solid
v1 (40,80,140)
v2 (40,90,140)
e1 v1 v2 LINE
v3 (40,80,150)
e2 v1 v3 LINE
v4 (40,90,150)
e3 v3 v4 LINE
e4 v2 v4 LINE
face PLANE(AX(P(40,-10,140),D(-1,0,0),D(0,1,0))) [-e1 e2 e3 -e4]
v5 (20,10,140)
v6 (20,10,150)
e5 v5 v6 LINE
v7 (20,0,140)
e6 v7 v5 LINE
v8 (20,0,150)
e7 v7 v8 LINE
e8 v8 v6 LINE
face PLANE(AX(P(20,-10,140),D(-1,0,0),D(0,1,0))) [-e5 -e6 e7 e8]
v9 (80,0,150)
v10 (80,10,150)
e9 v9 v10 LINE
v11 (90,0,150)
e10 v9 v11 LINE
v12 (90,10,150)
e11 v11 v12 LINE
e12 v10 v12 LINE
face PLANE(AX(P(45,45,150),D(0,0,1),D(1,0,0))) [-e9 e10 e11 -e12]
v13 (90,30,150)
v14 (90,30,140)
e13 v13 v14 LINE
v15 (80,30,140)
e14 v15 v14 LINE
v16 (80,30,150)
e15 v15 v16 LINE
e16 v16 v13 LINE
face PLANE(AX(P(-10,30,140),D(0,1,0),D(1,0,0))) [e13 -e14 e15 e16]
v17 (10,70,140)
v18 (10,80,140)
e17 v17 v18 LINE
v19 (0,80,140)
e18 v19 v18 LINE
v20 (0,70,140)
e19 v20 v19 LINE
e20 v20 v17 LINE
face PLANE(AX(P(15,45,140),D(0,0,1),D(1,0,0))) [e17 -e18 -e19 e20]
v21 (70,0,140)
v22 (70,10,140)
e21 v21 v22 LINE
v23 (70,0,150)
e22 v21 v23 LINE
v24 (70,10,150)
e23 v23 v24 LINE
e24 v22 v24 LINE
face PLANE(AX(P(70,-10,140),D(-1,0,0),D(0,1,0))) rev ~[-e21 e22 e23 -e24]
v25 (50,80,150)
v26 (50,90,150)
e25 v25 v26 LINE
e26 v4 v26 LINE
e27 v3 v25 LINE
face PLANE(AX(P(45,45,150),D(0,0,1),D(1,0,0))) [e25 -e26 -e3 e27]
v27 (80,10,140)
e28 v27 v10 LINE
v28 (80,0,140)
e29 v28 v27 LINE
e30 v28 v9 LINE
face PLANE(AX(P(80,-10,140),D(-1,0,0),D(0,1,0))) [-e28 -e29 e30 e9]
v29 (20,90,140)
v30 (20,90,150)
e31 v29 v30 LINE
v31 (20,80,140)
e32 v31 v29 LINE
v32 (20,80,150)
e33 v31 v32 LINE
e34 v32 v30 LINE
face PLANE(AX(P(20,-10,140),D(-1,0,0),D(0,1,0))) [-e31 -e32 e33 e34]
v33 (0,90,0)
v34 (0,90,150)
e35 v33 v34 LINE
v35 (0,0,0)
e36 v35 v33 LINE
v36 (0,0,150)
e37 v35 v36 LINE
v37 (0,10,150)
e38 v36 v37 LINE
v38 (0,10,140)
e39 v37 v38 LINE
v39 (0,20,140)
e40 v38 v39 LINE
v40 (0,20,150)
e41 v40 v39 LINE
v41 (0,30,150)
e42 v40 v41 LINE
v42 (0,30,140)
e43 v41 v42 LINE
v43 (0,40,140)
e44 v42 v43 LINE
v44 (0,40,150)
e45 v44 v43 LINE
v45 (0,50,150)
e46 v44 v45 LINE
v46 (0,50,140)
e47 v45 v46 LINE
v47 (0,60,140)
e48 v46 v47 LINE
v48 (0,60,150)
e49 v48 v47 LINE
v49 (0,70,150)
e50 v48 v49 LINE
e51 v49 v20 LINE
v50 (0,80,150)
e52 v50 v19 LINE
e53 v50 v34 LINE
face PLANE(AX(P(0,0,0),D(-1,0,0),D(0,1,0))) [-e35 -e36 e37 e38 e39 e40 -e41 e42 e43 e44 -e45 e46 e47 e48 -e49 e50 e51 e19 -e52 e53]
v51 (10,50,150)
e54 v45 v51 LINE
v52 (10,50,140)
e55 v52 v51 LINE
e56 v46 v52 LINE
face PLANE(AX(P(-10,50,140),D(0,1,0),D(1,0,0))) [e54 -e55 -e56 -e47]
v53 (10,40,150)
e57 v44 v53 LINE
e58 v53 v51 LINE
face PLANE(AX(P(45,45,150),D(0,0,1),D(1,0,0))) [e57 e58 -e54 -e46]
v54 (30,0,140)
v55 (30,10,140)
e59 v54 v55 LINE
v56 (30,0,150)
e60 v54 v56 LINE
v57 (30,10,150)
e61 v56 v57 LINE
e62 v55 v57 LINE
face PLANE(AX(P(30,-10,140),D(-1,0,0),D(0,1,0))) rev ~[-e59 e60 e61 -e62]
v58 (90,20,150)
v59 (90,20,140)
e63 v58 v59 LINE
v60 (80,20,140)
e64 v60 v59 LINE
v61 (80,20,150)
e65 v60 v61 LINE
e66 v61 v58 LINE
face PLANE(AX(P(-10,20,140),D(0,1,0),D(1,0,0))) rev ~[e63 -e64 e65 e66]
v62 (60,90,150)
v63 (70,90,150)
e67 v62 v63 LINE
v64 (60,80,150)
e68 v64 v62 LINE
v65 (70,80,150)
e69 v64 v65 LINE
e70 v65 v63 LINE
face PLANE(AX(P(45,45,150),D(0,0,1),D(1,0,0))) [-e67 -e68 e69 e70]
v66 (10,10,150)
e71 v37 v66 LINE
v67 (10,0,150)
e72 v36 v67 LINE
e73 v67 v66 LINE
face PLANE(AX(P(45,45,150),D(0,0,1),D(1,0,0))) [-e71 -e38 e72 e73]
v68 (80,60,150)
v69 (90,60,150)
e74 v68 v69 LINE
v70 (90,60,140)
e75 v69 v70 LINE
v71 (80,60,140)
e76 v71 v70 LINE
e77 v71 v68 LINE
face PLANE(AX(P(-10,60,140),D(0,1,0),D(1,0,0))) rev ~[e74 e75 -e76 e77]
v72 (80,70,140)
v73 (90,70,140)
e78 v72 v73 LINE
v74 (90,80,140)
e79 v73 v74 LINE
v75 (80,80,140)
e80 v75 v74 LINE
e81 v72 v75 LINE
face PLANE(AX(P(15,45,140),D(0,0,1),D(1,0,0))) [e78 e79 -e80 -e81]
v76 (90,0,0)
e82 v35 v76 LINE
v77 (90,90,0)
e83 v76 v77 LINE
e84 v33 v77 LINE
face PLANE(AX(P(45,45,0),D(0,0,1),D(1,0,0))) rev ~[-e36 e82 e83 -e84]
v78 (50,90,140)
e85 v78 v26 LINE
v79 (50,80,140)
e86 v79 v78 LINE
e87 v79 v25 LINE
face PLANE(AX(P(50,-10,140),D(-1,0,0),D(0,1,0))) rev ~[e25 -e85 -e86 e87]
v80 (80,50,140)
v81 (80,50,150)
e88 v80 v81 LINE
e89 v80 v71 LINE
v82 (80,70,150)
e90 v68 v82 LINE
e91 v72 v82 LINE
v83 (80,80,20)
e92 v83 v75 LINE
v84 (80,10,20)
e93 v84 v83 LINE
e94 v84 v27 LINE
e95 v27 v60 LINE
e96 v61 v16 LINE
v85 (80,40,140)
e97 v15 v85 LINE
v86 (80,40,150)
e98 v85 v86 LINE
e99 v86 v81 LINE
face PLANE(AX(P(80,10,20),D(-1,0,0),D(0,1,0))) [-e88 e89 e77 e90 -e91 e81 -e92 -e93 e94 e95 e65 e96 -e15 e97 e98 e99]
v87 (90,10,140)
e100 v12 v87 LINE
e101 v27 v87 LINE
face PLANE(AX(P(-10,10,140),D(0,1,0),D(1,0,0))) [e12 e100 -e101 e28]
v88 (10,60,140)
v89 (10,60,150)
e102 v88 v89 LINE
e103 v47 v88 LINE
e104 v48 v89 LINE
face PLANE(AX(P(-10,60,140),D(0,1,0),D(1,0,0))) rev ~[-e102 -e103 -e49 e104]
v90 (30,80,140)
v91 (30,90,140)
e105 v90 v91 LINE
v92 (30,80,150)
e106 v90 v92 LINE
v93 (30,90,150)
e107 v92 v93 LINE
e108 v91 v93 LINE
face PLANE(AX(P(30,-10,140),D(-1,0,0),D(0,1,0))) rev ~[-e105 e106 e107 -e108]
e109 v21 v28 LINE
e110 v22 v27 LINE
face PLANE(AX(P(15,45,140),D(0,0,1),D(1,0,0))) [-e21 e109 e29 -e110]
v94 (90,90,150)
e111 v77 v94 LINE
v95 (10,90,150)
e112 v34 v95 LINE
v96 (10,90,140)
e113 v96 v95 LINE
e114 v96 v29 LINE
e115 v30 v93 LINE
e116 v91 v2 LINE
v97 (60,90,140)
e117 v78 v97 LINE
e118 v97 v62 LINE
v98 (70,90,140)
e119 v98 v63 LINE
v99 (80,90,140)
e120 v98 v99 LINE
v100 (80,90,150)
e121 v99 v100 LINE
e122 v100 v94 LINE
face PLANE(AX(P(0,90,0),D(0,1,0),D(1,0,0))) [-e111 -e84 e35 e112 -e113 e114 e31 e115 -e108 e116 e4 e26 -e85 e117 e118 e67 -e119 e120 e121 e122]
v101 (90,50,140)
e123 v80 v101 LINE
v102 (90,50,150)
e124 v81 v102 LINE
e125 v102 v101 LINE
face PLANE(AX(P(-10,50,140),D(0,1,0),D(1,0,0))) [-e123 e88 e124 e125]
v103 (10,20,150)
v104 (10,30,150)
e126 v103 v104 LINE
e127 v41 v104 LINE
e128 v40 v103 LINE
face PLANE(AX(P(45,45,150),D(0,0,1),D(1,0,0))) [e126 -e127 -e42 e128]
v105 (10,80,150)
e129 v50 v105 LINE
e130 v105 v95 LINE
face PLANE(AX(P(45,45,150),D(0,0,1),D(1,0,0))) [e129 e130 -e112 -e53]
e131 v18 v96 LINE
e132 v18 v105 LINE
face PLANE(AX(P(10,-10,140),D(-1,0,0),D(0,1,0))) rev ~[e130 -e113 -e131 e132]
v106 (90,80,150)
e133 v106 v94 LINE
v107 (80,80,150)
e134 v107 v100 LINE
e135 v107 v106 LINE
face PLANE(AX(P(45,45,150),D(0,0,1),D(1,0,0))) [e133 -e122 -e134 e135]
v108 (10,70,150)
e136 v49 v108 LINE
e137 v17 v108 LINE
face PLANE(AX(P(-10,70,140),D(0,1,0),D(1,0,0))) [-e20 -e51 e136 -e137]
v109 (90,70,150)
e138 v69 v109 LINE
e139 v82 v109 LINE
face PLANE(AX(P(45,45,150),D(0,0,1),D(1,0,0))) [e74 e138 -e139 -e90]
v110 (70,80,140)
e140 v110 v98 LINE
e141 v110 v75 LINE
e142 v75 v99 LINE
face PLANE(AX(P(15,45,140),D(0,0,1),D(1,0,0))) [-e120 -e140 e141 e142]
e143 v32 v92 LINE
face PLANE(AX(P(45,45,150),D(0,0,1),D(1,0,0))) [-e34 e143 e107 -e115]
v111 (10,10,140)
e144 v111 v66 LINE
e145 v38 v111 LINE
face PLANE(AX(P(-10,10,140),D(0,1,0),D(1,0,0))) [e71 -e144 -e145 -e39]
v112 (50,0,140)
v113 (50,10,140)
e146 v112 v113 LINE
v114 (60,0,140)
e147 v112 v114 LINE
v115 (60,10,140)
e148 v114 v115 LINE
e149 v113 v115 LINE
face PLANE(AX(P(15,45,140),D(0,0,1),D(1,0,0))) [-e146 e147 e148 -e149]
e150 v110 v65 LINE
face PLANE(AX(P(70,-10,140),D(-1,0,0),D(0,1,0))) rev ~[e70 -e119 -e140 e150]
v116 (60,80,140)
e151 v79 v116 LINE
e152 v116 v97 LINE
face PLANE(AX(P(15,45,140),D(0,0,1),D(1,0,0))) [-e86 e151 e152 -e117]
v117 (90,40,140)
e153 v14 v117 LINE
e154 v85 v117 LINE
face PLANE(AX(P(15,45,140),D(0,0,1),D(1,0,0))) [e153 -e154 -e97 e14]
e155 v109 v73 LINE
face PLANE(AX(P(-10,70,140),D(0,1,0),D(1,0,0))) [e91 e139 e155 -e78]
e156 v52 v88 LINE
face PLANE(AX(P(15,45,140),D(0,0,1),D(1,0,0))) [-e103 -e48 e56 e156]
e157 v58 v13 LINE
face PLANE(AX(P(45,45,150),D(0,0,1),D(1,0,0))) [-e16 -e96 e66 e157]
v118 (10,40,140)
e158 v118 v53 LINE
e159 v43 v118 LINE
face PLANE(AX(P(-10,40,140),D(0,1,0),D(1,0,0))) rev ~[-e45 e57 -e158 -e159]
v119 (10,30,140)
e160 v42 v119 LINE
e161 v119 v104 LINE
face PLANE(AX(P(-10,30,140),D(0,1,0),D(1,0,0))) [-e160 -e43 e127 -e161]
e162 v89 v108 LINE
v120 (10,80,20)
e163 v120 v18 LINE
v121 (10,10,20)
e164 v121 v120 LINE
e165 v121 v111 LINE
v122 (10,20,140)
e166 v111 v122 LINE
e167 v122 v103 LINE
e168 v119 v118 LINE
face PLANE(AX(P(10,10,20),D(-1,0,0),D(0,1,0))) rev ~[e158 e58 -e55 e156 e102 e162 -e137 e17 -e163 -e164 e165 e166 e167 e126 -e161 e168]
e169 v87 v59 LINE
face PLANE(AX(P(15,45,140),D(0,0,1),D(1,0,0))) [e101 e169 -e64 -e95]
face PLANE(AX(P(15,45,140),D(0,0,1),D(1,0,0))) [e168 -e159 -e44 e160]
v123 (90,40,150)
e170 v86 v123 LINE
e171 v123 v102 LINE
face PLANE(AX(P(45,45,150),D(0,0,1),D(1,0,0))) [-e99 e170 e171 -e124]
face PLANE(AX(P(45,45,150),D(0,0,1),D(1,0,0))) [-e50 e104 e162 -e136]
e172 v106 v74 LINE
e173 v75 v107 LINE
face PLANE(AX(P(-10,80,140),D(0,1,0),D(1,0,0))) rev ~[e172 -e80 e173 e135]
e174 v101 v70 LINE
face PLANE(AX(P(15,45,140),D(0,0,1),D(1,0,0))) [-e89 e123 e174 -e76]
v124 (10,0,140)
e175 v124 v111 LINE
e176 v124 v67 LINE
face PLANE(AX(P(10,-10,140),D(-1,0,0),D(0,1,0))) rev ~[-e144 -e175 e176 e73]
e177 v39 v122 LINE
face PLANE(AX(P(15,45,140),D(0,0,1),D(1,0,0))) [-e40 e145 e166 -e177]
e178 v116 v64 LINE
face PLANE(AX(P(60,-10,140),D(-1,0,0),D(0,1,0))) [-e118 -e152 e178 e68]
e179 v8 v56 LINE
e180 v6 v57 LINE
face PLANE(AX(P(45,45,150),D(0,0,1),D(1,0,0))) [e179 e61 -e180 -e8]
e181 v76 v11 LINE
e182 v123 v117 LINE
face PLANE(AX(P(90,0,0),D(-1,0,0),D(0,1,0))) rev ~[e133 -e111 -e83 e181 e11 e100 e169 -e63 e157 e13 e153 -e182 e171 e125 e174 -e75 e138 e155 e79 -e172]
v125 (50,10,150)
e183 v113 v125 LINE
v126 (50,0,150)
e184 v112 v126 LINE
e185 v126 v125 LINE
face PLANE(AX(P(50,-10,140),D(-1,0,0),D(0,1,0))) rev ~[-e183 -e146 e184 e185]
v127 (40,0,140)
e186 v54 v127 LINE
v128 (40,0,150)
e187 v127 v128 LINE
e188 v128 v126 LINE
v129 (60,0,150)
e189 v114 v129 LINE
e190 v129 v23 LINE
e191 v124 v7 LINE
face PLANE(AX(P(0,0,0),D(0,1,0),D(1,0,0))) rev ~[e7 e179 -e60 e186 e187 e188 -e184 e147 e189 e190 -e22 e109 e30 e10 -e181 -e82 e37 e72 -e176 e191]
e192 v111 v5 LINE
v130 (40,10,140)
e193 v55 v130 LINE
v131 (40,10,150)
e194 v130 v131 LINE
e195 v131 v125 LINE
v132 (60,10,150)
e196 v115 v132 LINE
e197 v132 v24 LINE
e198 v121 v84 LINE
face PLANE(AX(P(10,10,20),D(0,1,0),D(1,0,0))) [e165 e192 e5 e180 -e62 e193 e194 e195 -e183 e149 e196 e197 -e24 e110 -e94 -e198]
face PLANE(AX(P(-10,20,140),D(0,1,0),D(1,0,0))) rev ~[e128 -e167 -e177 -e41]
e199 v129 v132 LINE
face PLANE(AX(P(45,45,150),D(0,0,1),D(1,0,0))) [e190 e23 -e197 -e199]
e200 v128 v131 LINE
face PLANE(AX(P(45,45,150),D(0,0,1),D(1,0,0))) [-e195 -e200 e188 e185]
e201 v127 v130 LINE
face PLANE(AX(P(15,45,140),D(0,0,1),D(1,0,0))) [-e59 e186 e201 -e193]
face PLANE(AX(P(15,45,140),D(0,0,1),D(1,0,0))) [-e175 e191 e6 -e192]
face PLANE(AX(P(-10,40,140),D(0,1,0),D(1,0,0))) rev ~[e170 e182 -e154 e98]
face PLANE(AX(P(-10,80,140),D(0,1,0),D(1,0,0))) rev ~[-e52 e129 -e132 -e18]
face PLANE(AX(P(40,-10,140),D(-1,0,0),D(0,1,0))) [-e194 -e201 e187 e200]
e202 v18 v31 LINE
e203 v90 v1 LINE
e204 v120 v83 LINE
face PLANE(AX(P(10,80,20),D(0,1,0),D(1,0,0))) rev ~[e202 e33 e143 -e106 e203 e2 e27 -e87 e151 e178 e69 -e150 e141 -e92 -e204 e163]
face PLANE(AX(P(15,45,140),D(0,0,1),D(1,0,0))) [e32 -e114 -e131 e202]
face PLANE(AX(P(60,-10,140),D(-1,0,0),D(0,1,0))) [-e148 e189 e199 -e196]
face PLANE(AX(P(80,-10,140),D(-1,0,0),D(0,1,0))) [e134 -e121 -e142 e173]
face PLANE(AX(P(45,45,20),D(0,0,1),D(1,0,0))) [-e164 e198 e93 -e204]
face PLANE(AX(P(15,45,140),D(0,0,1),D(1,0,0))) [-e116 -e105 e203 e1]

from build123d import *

# Parameters (mm, degrees)
BOX001_W         = 10
BOX001_H         = 110
BOX001_DEPTH     = 10
ARRAY001_X_COUNT = 4
ARRAY001_X_PITCH = 20
BOX_W            = 110
BOX_H            = 10
BOX_DEPTH        = 10
ARRAY_Y_COUNT    = 4
ARRAY_Y_PITCH    = 20
BOX003_W         = 70
BOX003_H         = 70
BOX003_DEPTH     = 130
BOX002_W         = 90
BOX002_H         = 90
BOX002_DEPTH     = 150


with BuildPart() as array001:
    # Box001 → Box001 (new body)
    with BuildSketch(Plane.XY):
        with Locations((5, 55)):
            Rectangle(BOX001_W, BOX001_H)
    extrude(amount=BOX001_DEPTH)

    # Array001 X: Array001 ×4


with BuildPart() as array001_1:
    add(array001.part)
    with Locations(*[(i * ARRAY001_X_PITCH, 0, 0) for i in range(1, ARRAY001_X_COUNT)]):
        add(array001.part)


with BuildPart() as array001_2:
    # Array001 placement: moved
    add(array001_1.part.moved(Location((20, -20, 0))))


with BuildPart() as fusion:
    # Box → Box (new body)
    with BuildSketch(Plane.XY):
        with Locations((55, 5)):
            Rectangle(BOX_W, BOX_H)
    extrude(amount=BOX_DEPTH)

    # Array Y: Fusion ×4


with BuildPart() as fusion_1:
    add(fusion.part)
    with Locations(*[(0, i * ARRAY_Y_PITCH, 0) for i in range(1, ARRAY_Y_COUNT)]):
        add(fusion.part)

    # Fusion: union Array001
    add(array001_2.part)


with BuildPart() as fusion_2:
    # Fusion placement: moved
    add(fusion_1.part.moved(Location((-10, 10, 140))))


with BuildPart() as cub003:
    # Box003 → Box003 (new body)
    with BuildSketch(Plane(origin=(10, 10, 20), x_dir=(1, 0, 0), z_dir=(0, 0, 1))):
        with Locations((35, 35)):
            Rectangle(BOX003_W, BOX003_H)
    extrude(amount=BOX003_DEPTH)


with BuildPart() as cut001:
    # Box002 → Box002 (new body)
    with BuildSketch(Plane.XY):
        with Locations((45, 45)):
            Rectangle(BOX002_W, BOX002_H)
    extrude(amount=BOX002_DEPTH)

    # Cut: cut Cub003
    add(cub003.part, mode=Mode.SUBTRACT)

    # Cut001: cut Fusion
    add(fusion_2.part, mode=Mode.SUBTRACT)


solid = cut001.part
